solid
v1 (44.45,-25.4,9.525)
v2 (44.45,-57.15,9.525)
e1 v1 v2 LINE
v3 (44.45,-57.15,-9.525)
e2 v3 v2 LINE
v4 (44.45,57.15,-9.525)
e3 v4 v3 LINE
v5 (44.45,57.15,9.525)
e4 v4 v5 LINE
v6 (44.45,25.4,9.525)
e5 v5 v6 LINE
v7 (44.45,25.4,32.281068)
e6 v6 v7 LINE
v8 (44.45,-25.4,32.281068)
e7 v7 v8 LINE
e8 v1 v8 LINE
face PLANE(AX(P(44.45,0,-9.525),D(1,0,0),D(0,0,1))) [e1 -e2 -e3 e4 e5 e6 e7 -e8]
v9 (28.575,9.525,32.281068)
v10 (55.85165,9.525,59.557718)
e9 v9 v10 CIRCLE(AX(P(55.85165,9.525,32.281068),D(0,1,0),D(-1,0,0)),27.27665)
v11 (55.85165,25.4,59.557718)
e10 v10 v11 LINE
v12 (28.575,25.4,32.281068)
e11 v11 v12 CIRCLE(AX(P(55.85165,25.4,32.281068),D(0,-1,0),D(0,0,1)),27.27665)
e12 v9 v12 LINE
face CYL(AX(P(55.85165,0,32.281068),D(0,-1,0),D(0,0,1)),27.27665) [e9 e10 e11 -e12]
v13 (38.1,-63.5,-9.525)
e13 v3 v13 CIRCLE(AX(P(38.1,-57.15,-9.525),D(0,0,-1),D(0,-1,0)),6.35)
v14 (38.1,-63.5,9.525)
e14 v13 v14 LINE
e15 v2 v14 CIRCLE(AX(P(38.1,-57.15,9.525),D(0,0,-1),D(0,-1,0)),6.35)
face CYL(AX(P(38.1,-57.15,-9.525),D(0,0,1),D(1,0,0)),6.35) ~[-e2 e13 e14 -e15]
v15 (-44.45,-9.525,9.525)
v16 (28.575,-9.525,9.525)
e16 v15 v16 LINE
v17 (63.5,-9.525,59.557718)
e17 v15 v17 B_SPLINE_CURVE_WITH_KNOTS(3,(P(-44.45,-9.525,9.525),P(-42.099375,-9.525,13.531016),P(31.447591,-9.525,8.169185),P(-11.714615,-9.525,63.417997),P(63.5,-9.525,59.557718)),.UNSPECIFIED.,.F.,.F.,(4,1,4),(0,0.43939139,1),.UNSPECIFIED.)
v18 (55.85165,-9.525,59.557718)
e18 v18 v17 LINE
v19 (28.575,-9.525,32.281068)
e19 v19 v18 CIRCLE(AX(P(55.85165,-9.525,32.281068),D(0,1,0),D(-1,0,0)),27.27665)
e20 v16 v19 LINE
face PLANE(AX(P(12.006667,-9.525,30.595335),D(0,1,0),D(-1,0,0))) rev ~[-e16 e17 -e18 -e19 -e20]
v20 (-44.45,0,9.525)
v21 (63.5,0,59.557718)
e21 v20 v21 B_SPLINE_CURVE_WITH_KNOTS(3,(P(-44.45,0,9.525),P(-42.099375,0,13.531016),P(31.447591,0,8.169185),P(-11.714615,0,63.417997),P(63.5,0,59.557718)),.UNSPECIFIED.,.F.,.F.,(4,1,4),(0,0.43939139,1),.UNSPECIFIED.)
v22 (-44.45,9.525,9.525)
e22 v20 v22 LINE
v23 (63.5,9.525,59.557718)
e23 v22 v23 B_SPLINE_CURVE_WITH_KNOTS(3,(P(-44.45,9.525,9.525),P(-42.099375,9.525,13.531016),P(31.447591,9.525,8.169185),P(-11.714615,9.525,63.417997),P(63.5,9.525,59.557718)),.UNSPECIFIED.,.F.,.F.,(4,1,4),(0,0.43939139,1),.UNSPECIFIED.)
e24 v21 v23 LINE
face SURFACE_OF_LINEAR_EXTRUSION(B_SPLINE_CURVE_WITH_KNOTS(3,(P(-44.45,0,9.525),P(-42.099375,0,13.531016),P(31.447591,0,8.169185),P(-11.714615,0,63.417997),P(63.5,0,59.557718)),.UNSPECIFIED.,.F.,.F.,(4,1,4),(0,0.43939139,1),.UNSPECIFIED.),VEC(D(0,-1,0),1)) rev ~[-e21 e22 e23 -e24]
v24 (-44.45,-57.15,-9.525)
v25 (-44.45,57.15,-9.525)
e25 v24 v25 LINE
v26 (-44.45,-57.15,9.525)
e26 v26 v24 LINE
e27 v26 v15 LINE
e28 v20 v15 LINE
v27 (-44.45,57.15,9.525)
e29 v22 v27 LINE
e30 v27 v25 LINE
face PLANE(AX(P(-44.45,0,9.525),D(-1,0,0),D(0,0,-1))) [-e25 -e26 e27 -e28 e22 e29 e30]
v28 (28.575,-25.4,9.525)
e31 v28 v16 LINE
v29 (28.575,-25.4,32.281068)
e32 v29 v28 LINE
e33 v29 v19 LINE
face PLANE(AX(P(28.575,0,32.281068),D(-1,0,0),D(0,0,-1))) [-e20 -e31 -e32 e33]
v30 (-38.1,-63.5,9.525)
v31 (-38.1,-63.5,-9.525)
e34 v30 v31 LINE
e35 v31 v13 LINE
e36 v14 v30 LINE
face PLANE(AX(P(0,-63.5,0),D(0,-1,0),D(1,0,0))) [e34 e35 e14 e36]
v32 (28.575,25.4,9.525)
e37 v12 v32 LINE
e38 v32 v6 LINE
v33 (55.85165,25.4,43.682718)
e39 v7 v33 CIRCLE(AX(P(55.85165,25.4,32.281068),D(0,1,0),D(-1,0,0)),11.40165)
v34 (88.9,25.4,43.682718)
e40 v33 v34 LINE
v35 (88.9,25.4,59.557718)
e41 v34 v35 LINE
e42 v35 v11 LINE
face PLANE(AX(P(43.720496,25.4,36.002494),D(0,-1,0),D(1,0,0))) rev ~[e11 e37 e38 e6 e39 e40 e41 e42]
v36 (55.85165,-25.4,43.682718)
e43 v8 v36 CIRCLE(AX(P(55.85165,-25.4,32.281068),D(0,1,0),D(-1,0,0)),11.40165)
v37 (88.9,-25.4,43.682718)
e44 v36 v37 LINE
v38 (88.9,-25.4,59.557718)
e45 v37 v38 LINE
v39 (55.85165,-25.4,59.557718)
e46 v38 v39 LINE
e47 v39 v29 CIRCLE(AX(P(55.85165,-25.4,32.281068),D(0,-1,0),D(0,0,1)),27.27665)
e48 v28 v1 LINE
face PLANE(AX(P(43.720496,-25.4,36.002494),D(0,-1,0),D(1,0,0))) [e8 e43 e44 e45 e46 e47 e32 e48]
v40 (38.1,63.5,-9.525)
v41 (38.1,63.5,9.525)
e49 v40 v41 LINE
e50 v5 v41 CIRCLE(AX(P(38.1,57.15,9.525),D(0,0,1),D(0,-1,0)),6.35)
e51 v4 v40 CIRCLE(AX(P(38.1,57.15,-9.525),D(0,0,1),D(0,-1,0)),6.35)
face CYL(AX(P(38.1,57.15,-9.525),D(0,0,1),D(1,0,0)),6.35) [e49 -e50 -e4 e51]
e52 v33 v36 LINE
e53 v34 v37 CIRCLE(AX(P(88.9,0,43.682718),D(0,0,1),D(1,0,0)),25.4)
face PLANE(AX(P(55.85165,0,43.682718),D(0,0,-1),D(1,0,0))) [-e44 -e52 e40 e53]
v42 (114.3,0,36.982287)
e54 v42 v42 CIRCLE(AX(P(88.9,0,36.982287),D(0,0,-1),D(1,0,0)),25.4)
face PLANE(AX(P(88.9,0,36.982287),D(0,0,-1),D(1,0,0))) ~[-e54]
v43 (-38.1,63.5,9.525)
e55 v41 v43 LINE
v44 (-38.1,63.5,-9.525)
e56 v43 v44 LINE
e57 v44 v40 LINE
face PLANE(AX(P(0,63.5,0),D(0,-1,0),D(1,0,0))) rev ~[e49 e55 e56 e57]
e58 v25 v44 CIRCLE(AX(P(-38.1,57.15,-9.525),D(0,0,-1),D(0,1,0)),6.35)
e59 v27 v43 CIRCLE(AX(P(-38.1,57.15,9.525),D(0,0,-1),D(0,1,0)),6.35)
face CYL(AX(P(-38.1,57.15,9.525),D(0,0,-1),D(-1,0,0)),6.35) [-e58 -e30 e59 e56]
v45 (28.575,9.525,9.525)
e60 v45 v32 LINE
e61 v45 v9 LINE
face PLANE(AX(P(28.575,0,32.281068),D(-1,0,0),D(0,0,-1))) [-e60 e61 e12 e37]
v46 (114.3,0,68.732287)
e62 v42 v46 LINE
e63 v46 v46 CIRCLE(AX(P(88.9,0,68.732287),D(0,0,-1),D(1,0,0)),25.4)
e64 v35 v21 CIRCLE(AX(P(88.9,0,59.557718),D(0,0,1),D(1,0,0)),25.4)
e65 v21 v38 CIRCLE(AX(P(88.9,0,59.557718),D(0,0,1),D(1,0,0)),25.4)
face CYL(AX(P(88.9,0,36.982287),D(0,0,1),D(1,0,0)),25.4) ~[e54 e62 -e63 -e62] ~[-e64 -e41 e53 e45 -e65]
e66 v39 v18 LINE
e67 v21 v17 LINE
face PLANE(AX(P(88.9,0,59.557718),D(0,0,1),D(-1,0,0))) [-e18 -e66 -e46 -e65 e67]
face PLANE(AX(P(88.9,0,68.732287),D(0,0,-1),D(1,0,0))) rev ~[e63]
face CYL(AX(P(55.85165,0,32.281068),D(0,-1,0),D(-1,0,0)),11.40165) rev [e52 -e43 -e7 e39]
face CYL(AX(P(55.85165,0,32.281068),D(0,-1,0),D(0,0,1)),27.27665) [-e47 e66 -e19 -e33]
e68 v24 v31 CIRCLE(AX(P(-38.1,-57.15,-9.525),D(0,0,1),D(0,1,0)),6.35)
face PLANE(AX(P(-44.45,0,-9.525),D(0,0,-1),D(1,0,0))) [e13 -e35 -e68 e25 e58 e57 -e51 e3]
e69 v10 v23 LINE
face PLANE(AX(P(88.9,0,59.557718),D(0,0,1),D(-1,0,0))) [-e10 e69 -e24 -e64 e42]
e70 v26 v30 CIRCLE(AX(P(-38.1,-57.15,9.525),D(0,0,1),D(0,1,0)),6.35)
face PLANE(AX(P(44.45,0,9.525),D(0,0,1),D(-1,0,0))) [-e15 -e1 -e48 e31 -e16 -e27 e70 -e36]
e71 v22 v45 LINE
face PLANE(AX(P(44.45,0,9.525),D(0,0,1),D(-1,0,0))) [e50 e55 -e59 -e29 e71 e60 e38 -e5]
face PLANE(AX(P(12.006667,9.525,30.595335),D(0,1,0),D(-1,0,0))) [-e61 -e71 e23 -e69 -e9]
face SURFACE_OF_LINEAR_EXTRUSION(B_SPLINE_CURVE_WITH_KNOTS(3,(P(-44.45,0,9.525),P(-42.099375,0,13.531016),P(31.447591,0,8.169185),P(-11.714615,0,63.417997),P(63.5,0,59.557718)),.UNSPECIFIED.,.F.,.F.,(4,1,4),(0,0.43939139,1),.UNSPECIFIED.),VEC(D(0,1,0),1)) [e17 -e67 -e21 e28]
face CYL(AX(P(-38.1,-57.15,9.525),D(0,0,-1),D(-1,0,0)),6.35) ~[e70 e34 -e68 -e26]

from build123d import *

# Parameters (mm, degrees)
F1_DEPTH = 63.5
F0_W     = 25.4
F0_H     = 15.875
F2_DEPTH = 25.4
F3_DEPTH = 9.525
F5_R     = 6.35


with BuildPart() as f1:
    # F0 (on Front) → F1 (new body, symmetric)
    with BuildSketch(Plane.XZ):
        Polygon((-44.45, -9.525), (44.45, -9.525), (44.45, 9.525), (28.575, 9.525), (-44.45, 9.525), align=None)
    extrude(amount=F1_DEPTH, both=True)

    # F0 (on Front) → F2 (join, symmetric)
    with BuildSketch(Plane.XZ):
        with BuildLine():
            Line((28.575, 9.525), (44.45, 9.525))
            Line((44.45, 9.525), (44.45, 32.2810681378))
            ThreePointArc((44.45, 32.2810681378), (47.7894660102, 40.3432522706), (55.851650143, 43.6827182808))
            Line((55.851650143, 43.6827182808), (63.5, 43.6827182808))
            Line((63.5, 43.6827182808), (63.5, 59.5577182808))
            Line((63.5, 59.5577182808), (55.851650143, 59.5577182808))
            ThreePointArc((55.851650143, 59.5577182808), (36.5641458588, 51.568572422), (28.575, 32.2810681378))
            Line((28.575, 32.2810681378), (28.575, 9.525))
        make_face()
        with Locations((76.2, 51.6202182808)):
            Rectangle(F0_W, F0_H)
    extrude(amount=F2_DEPTH, both=True)

    # F0 (on Front) → F3 (join, symmetric)
    with BuildSketch(Plane.XZ):
        with BuildLine():
            add(Edge.make_bspline(
                [(-44.45, 9.525), (-42.0993748289, 13.5310159807), (31.447590693, 8.169184866), (-11.7146146139, 63.4179972105), (63.5, 59.5577182808)],
                knots=[0, 0, 0, 0, 0.4393913897, 1, 1, 1, 1], degree=3))
            Line((-44.45, 9.525), (28.575, 9.525))
            Line((28.575, 9.525), (28.575, 32.2810681378))
            ThreePointArc((28.575, 32.2810681378), (36.5641458588, 51.568572422), (55.851650143, 59.5577182808))
            Line((55.851650143, 59.5577182808), (63.5, 59.5577182808))
        make_face()
    extrude(amount=F3_DEPTH, both=True)

    # F0 (on Front) → F4 (revolve)
    with BuildSketch(Plane.XZ):
        Polygon((88.9, 68.7322870837), (88.9, 59.5577182808), (88.9, 43.6827182808), (88.9, 36.9822870837), (114.3, 36.9822870837), (114.3, 68.7322870837), align=None)
    revolve(axis=Axis((88.9, 0, 52.8572870837), (0, 0, -1)))

    # F5
    f5_edges = [f1.edges().sort_by_distance(p)[0] for p in [
        (-44.45, -63.5, 0),
        (44.45, -63.5, 0),
        (44.45, 63.5, 0),
        (-44.45, 63.5, 0),
    ]]
    fillet(f5_edges, radius=F5_R)


solid = f1.part
